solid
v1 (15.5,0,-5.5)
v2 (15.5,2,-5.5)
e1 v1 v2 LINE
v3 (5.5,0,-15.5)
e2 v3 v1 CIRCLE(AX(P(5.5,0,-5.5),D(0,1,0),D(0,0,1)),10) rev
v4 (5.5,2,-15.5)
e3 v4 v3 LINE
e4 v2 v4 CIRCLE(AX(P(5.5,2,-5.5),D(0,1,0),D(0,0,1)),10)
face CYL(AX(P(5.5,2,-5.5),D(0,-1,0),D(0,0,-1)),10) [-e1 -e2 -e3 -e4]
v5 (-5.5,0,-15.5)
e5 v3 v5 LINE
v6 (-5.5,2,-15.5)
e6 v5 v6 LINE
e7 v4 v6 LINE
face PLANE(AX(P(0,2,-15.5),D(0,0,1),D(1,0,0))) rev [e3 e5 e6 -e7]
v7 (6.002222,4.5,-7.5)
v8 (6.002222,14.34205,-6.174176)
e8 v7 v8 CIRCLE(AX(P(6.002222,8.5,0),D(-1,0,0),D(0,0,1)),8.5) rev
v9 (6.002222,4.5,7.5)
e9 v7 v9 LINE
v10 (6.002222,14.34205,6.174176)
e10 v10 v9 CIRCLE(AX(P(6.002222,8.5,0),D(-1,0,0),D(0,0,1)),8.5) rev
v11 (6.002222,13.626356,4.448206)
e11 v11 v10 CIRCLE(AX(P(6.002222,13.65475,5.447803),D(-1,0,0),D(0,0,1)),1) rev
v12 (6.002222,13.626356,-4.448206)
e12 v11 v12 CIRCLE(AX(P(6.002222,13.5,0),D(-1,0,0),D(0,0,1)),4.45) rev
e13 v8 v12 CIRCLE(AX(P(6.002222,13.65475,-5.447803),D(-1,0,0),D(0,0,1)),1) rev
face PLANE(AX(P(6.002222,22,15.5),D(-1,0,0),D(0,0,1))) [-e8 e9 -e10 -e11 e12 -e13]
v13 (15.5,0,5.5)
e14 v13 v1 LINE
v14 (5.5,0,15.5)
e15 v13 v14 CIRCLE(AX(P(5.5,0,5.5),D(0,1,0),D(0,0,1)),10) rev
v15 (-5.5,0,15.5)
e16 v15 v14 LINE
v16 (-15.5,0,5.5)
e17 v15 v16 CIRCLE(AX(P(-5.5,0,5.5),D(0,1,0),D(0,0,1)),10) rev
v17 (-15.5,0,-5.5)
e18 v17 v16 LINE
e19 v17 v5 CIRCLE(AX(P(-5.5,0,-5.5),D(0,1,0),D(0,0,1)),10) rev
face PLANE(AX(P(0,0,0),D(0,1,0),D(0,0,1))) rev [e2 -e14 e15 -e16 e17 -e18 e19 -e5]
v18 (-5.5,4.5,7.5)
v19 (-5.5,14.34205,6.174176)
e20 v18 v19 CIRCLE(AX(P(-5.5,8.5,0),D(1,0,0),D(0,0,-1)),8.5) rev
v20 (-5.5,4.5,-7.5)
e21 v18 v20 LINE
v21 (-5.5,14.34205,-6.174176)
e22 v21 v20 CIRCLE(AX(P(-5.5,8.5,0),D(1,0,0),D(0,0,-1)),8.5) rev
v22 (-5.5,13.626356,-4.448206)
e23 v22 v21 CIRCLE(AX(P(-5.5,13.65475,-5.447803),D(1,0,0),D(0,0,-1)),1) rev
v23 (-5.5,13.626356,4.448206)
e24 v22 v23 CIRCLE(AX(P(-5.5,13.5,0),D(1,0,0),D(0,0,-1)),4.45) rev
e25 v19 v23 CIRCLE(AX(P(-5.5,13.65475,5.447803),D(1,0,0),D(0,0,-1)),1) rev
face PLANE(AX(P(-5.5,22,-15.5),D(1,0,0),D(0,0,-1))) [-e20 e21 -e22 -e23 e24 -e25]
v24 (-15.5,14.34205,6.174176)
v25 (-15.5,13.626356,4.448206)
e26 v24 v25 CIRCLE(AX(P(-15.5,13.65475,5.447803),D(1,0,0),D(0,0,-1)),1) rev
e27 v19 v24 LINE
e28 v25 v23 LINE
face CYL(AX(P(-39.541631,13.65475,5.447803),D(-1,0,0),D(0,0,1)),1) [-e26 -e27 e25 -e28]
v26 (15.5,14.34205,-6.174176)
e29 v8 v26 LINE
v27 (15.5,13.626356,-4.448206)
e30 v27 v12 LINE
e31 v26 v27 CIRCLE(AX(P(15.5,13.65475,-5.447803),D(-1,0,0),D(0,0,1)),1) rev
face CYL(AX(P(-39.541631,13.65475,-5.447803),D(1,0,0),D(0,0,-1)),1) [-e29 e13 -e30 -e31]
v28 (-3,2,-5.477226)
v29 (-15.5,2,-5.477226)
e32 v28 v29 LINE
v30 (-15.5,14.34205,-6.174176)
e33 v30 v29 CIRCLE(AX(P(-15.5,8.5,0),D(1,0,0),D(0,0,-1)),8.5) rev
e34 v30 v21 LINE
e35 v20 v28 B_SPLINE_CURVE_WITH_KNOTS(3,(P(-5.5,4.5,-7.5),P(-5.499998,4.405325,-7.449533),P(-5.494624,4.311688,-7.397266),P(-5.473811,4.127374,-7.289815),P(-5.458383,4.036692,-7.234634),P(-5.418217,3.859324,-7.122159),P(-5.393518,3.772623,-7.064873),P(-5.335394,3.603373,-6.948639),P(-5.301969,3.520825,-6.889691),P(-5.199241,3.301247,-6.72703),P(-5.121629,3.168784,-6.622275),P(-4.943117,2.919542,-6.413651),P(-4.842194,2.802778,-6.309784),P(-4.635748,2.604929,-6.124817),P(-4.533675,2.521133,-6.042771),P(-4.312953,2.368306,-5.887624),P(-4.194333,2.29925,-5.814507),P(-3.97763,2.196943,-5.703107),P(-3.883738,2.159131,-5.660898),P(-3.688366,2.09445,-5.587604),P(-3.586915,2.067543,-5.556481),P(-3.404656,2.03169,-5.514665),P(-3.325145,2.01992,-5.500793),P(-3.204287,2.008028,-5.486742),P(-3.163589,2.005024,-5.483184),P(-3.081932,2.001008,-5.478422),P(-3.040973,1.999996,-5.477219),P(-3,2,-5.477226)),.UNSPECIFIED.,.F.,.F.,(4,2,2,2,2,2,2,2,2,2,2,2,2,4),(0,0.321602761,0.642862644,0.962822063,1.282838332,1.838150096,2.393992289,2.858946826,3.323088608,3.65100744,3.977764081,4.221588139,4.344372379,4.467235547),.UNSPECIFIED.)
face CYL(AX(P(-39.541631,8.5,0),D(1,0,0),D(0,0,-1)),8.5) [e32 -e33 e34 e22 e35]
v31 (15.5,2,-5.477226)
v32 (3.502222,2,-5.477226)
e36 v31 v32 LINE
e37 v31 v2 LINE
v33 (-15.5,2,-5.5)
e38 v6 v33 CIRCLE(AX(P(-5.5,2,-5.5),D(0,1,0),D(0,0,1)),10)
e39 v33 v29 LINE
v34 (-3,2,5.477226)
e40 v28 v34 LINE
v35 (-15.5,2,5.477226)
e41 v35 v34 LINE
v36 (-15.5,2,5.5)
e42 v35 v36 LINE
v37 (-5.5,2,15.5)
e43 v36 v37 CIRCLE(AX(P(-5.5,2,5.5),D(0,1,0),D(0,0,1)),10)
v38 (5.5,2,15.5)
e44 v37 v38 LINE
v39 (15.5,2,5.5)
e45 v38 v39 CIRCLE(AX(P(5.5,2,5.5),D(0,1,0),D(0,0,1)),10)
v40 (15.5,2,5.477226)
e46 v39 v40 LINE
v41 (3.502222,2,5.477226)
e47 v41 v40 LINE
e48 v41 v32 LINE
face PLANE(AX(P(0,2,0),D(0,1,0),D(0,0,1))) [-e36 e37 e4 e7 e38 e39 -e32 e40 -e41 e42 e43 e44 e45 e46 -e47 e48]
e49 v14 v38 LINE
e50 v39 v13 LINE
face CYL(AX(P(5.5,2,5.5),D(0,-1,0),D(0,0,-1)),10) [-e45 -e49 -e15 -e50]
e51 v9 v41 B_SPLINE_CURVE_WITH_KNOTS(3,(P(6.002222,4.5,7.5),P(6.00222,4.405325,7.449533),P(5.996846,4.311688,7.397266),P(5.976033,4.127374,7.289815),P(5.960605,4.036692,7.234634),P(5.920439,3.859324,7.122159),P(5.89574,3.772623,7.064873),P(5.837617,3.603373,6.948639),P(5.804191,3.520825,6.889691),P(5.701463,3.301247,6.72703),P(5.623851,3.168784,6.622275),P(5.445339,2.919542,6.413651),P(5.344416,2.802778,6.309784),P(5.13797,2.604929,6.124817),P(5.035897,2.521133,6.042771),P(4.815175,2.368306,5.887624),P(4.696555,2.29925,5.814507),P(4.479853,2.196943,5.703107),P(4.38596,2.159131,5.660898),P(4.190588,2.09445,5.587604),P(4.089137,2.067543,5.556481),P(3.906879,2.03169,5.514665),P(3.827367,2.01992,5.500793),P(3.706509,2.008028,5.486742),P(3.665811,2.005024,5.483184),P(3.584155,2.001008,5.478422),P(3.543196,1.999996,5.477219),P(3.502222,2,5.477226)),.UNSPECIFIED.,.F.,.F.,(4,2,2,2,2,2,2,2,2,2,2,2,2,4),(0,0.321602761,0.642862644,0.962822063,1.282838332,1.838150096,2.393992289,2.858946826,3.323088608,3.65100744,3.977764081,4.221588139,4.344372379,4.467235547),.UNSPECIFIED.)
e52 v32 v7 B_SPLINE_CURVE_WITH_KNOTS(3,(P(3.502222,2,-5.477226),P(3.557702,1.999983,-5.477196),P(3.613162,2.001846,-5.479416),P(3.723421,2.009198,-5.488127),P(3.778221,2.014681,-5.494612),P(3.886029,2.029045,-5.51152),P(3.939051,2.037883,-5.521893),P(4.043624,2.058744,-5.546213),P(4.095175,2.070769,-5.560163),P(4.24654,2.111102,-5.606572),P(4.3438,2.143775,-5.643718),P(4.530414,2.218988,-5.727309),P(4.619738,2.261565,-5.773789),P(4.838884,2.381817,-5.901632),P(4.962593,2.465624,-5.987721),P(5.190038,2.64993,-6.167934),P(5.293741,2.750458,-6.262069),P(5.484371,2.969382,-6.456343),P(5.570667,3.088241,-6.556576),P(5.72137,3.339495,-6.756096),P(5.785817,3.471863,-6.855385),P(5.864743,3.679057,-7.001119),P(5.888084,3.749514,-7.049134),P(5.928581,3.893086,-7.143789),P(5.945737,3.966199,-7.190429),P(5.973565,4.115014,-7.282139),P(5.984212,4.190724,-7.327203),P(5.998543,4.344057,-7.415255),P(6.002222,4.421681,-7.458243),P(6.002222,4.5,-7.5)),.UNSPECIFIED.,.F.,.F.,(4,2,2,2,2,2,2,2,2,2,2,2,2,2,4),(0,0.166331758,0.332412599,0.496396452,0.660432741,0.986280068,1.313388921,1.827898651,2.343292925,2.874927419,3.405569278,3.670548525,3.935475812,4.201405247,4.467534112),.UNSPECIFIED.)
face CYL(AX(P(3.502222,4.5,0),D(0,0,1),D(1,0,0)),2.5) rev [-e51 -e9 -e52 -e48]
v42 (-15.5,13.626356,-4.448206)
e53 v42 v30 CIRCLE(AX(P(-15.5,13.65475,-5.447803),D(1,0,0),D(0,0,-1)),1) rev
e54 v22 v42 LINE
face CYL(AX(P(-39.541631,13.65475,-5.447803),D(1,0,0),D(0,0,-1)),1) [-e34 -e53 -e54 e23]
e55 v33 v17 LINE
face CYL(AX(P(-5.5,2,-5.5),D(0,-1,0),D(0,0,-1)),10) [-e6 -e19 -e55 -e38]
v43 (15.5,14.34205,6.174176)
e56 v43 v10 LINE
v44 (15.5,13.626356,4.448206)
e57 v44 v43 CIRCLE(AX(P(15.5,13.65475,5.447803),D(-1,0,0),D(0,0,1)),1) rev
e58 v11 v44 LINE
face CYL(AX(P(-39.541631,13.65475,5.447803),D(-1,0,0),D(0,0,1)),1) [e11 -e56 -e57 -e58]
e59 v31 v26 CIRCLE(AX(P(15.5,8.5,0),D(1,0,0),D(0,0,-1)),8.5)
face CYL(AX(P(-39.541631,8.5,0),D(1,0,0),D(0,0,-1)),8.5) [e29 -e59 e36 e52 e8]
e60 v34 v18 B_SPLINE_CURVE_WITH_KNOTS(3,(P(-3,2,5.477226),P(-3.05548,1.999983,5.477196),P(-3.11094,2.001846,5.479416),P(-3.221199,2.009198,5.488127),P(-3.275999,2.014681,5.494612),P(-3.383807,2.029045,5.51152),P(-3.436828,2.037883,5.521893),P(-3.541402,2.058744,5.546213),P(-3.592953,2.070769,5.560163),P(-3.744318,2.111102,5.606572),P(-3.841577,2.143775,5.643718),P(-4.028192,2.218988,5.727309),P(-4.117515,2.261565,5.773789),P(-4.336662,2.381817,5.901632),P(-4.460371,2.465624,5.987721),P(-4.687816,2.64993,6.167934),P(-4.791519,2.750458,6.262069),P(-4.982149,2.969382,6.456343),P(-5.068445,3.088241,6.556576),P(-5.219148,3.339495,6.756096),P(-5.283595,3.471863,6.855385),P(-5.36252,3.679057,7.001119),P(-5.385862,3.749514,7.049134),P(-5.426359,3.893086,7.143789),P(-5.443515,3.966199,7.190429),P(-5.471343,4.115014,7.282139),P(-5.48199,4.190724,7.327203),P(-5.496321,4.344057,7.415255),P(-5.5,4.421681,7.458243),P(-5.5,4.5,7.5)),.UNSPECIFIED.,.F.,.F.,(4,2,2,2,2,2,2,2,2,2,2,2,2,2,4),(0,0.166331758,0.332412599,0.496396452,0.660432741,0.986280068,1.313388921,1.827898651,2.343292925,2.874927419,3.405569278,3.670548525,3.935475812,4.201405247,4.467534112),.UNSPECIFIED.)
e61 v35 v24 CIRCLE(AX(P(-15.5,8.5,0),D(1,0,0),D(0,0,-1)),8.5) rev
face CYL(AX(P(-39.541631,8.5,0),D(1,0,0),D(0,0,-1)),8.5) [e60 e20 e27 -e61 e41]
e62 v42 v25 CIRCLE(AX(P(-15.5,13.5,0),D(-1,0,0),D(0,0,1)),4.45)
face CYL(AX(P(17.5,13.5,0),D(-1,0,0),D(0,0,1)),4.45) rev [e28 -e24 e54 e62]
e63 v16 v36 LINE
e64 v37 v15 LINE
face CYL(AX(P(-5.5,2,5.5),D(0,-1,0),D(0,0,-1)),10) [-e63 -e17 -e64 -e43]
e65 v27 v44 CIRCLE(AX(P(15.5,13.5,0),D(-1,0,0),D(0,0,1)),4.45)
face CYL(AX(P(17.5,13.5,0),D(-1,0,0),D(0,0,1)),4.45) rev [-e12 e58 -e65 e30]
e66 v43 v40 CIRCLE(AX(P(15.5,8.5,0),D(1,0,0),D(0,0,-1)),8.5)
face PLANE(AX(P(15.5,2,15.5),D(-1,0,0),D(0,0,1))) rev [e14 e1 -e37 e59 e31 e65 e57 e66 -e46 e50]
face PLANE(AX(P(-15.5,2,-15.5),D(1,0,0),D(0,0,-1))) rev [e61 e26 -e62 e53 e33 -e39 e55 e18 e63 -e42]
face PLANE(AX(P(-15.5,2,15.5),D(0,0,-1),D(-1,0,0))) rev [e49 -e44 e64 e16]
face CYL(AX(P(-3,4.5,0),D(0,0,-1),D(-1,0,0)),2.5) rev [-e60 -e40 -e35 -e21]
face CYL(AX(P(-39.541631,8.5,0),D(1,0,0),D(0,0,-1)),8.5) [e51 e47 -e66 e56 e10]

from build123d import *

# Parameters (mm, degrees)
BOSS_EXTRUDE1_DEPTH = 2
SKETCH2_R           = 8.5
BOSS_EXTRUDE3_DEPTH = 31
SKETCH3_R           = 4.45
CUT_EXTRUDE1_DEPTH  = 33
FILLET1_R           = 1
SKETCH4_W           = 11.502222151
SKETCH4_H           = 31
CUT_EXTRUDE2_DEPTH  = 20
FILLET2_R           = 10
FILLET3_R           = 2.5


with BuildPart() as part:
    # Sketch1 → Boss-Extrude1 (new body)
    with BuildSketch(Plane(origin=(0, 0, 0), x_dir=(1, 0, 0), z_dir=(0, 1, 0))):
        Polygon((0, 15.5), (15.5, 15.5), (15.5, -15.5), (-15.5, -15.5), (-15.5, 15.5), align=None)
    extrude(amount=BOSS_EXTRUDE1_DEPTH)

    # Sketch2 → Boss-Extrude3 (add)
    with BuildSketch(Plane(origin=(15.5, 0, 0), x_dir=(0, 0, -1), z_dir=(1, 0, 0))):
        with Locations((0, 8.5)):
            Circle(SKETCH2_R)
    extrude(amount=-BOSS_EXTRUDE3_DEPTH)

    # Sketch3 → Cut-Extrude1 (cut)
    with BuildSketch(Plane.ZY.offset(15.5)):
        with Locations((0, 13.5)):
            Circle(SKETCH3_R)
    extrude(amount=-CUT_EXTRUDE1_DEPTH, mode=Mode.SUBTRACT)

    # Fillet1
    fillet1_edges = [part.edges().sort_by_distance(p)[0] for p in [
        (0, 16.24475, -3.502691456),
        (0, 16.24475, 3.502691456),
    ]]
    fillet(fillet1_edges, radius=FILLET1_R)

    # Sketch4 → Cut-Extrude2 (cut)
    with BuildSketch(Plane(origin=(0, 2, 0), x_dir=(1, 0, 0), z_dir=(0, 1, 0))):
        with Locations((0.251111076, 0)):
            Rectangle(SKETCH4_W, SKETCH4_H)
    extrude(amount=CUT_EXTRUDE2_DEPTH, mode=Mode.SUBTRACT)

    # Fillet2
    fillet2_edges = [part.edges().sort_by_distance(p)[0] for p in [
        (15.5, 1, -15.5),
        (15.5, 1, 15.5),
        (-15.5, 1, 15.5),
        (-15.5, 1, -15.5),
    ]]
    fillet(fillet2_edges, radius=FILLET2_R)

    # Fillet3
    fillet3_edges = [part.edges().sort_by_distance(p)[0] for p in [
        (-5.5, 2, 0),
        (6.002222151, 2, 0),
    ]]
    fillet(fillet3_edges, radius=FILLET3_R)


solid = part.part
